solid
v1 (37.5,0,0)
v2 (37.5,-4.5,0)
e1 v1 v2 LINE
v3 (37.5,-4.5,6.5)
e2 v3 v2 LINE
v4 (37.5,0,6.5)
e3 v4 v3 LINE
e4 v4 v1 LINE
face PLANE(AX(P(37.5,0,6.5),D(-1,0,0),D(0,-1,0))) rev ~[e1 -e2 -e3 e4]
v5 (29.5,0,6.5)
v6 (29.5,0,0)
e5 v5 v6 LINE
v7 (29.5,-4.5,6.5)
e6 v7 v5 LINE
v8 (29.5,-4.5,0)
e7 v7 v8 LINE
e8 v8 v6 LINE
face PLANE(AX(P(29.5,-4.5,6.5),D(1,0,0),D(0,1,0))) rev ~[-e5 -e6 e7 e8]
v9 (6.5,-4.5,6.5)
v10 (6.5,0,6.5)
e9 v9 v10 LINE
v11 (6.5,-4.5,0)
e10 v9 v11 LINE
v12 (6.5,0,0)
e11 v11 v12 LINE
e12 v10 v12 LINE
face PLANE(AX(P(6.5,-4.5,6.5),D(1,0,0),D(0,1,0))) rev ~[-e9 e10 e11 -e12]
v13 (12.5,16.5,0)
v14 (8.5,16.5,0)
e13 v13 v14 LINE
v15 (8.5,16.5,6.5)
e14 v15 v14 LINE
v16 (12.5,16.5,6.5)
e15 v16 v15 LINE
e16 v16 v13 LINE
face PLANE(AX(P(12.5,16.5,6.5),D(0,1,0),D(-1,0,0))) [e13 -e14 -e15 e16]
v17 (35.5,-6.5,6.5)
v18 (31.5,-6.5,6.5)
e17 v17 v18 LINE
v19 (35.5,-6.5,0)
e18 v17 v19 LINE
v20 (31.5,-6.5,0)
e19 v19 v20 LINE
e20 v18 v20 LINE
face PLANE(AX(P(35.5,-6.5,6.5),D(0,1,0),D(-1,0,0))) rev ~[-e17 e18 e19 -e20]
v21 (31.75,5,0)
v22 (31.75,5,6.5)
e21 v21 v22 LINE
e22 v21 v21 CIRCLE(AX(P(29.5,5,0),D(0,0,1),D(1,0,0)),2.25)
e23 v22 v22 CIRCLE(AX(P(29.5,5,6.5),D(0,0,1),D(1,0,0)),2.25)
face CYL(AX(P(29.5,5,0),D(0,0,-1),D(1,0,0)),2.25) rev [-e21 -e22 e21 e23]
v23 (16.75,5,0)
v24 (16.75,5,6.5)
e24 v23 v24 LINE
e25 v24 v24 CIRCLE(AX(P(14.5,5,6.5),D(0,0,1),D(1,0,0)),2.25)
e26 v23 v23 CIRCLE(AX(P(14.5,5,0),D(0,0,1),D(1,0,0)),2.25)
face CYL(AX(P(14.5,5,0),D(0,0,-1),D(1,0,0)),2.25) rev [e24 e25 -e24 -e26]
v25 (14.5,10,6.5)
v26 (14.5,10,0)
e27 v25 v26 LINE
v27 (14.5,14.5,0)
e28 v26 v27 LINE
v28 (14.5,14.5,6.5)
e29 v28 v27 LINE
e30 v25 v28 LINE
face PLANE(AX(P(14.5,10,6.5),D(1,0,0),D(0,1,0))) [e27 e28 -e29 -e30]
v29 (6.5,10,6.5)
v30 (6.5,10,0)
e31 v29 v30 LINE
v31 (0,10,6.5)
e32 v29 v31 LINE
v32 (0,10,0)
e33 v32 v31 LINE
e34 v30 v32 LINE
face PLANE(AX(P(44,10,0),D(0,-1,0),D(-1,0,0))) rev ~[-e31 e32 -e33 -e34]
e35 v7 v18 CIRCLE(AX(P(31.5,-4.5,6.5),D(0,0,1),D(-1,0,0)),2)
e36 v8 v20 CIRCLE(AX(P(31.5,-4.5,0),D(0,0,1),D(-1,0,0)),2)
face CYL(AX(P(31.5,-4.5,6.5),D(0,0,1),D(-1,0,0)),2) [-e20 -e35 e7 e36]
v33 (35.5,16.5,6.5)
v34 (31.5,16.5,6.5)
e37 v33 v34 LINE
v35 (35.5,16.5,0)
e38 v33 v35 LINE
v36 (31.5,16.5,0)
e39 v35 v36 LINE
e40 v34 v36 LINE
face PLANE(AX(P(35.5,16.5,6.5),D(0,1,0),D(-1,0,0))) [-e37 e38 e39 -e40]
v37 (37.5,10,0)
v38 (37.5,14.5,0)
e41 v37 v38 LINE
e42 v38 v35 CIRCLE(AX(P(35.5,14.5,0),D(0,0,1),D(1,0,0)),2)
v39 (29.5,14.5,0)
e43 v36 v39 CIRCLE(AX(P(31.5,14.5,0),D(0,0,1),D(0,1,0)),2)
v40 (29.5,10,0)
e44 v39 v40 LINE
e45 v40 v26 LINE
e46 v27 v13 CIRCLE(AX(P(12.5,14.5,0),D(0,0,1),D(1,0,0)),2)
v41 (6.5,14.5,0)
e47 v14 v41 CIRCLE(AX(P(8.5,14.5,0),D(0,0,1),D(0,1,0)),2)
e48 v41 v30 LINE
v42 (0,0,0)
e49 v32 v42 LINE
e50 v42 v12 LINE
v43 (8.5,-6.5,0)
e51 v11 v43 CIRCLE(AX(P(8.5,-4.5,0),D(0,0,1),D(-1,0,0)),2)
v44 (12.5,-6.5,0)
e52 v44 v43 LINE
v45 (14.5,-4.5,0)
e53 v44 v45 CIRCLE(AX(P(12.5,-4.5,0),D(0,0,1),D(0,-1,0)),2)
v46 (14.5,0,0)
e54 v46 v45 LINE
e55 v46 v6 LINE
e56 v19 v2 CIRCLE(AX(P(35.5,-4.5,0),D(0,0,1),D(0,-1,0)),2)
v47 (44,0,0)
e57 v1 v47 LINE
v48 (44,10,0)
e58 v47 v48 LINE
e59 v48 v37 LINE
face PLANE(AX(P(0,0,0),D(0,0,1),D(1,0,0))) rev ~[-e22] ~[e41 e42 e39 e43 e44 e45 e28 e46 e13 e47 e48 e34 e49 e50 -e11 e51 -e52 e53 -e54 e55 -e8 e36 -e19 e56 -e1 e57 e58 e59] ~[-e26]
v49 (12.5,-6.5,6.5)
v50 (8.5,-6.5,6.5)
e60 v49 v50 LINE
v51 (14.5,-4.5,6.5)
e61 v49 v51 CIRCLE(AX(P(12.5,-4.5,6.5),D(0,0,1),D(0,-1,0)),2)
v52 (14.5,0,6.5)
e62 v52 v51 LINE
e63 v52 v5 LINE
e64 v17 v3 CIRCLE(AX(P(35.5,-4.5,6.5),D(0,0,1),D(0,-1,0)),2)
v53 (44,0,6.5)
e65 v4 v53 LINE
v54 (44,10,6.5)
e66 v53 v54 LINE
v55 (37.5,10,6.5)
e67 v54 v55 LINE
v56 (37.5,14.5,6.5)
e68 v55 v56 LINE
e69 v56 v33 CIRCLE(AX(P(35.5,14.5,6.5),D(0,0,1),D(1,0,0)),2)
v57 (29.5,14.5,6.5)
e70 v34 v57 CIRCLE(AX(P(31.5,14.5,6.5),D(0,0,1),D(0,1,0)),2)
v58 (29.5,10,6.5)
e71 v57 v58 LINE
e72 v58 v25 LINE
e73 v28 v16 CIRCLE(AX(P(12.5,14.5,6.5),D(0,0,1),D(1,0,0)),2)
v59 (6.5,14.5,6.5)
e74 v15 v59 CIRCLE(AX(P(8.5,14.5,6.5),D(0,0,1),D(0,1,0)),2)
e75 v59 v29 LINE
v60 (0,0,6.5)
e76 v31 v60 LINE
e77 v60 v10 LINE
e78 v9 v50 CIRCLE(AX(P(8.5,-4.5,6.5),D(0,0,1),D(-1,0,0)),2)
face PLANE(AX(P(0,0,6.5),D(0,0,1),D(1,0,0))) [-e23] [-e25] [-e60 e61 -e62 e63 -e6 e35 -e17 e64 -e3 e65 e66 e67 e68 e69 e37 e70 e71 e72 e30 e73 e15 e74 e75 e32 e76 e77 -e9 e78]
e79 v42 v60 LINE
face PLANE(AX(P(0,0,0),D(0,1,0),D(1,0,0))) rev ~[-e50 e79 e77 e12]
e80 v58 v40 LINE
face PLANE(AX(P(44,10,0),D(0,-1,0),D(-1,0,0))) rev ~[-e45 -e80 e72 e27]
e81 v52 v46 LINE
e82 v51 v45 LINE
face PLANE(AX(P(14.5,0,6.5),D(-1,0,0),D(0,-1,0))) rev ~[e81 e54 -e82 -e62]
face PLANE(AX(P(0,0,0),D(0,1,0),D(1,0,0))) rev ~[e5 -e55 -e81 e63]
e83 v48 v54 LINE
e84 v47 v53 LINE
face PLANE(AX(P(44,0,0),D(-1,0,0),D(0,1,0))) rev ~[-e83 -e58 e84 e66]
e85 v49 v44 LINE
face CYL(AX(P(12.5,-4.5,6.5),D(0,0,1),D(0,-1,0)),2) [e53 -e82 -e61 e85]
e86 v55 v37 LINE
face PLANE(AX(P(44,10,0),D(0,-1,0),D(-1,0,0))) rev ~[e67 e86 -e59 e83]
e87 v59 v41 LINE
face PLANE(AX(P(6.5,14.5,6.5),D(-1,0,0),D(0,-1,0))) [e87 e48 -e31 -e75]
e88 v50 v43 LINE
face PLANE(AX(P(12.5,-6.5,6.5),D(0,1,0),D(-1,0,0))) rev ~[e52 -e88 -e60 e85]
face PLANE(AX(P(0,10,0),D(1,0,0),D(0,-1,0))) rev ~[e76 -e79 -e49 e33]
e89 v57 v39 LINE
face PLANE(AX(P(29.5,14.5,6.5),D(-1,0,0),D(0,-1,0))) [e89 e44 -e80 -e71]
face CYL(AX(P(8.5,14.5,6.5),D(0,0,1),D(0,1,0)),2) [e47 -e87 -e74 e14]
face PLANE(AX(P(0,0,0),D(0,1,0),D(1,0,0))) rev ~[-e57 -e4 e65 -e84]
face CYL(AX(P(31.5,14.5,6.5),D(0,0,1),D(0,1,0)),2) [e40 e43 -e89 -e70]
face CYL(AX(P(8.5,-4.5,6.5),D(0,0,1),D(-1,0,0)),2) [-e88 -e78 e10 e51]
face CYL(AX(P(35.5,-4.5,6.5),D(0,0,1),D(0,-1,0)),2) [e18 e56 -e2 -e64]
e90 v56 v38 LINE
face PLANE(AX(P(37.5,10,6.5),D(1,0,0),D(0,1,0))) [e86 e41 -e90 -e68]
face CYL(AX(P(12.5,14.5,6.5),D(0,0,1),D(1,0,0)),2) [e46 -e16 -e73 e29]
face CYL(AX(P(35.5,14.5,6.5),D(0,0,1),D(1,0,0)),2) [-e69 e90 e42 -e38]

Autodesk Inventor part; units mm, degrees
ref_plane "YZ Plane" through (0, 0, 0) normal (1, 0, 0) x (0, 1, 0)
ref_plane "XZ Plane" through (0, 0, 0) normal (0, 1, 0) x (-1, 0, 0)
ref_plane "XY Plane" through (0, 0, 0) normal (0, 0, 1) x (1, 0, 0)
sketch "Sketch1" plane through (0, 0, 0) normal (0, 0, 1) x (1, 0, 0)
  line L0 (0, 0) -> (44, 0)
  line L1 (44, 0) -> (44, 10)
  line L2 (44, 10) -> (0, 10)
  line L3 (0, 10) -> (0, 0)
  circle A0 centre (29.5, 5) radius 2.25
  circle A1 centre (14.5, 5) radius 2.25
  line L4 (14.5, 5) -> (29.5, 5) construction
  point P0 (0, 5)
  point P1 (22, 5)
  point P2 (22, 10)
  dimension "d0" = 10
  dimension "d1" = 44
  dimension "d2" = 4.5
  dimension "d13" = 4.5
  dimension "d14" = 15
extrude "Extrusion3" add sketch "Sketch1" along normal blind 6.5
sketch "Sketch3" plane through (0, 0, 6.5) normal (0, 0, 1) x (1, 0, 0)
  line L0 (0, 0) -> (44, 0) projected
  line L1 (44, 10) -> (0, 10) projected
  line L2 (6.5, 10) -> (14.5, 10)
  line L3 (14.5, 10) -> (14.5, 14.5)
  line L4 (12.5, 16.5) -> (8.5, 16.5)
  line L5 (6.5, 14.5) -> (6.5, 10)
  line L6 (29.5, 10) -> (37.5, 10)
  line L7 (37.5, 10) -> (37.5, 14.5)
  line L8 (35.5, 16.5) -> (31.5, 16.5)
  line L9 (29.5, 14.5) -> (29.5, 10)
  line L10 (6.5, 0) -> (14.5, 0)
  line L11 (14.5, 0) -> (14.5, -4.5)
  line L12 (12.5, -6.5) -> (8.5, -6.5)
  line L13 (6.5, -4.5) -> (6.5, 0)
  line L14 (29.5, 0) -> (37.5, 0)
  line L15 (37.5, 0) -> (37.5, -4.5)
  line L16 (35.5, -6.5) -> (31.5, -6.5)
  line L17 (29.5, -4.5) -> (29.5, 0)
  arc A0 (8.5, 16.5) -> (6.5, 14.5) centre (8.5, 14.5) ccw
  arc A1 (14.5, 14.5) -> (12.5, 16.5) centre (12.5, 14.5) ccw
  arc A2 (31.5, 16.5) -> (29.5, 14.5) centre (31.5, 14.5) ccw
  arc A3 (37.5, 14.5) -> (35.5, 16.5) centre (35.5, 14.5) ccw
  arc A4 (6.5, -4.5) -> (8.5, -6.5) centre (8.5, -4.5) ccw
  arc A5 (12.5, -6.5) -> (14.5, -4.5) centre (12.5, -4.5) ccw
  arc A6 (29.5, -4.5) -> (31.5, -6.5) centre (31.5, -4.5) ccw
  arc A7 (35.5, -6.5) -> (37.5, -4.5) centre (35.5, -4.5) ccw
  line L18 (14.5, 12.5251) -> (29.5, 12.5251) construction
  point P0 (22, 12.5251)
  point P1 (22, 10)
  dimension "d17" = 2
  dimension "d18" = 8
  dimension "d19" = 8
  dimension "d20" = 6.5
  dimension "d21" = 6.5
  dimension "d22" = 15
extrude "Extrusion4" add sketch "Sketch3" against normal blind 6.5
equation "\"d20\" = d21"
properties part number "y_carriage_belt_mount_bed_holder"
